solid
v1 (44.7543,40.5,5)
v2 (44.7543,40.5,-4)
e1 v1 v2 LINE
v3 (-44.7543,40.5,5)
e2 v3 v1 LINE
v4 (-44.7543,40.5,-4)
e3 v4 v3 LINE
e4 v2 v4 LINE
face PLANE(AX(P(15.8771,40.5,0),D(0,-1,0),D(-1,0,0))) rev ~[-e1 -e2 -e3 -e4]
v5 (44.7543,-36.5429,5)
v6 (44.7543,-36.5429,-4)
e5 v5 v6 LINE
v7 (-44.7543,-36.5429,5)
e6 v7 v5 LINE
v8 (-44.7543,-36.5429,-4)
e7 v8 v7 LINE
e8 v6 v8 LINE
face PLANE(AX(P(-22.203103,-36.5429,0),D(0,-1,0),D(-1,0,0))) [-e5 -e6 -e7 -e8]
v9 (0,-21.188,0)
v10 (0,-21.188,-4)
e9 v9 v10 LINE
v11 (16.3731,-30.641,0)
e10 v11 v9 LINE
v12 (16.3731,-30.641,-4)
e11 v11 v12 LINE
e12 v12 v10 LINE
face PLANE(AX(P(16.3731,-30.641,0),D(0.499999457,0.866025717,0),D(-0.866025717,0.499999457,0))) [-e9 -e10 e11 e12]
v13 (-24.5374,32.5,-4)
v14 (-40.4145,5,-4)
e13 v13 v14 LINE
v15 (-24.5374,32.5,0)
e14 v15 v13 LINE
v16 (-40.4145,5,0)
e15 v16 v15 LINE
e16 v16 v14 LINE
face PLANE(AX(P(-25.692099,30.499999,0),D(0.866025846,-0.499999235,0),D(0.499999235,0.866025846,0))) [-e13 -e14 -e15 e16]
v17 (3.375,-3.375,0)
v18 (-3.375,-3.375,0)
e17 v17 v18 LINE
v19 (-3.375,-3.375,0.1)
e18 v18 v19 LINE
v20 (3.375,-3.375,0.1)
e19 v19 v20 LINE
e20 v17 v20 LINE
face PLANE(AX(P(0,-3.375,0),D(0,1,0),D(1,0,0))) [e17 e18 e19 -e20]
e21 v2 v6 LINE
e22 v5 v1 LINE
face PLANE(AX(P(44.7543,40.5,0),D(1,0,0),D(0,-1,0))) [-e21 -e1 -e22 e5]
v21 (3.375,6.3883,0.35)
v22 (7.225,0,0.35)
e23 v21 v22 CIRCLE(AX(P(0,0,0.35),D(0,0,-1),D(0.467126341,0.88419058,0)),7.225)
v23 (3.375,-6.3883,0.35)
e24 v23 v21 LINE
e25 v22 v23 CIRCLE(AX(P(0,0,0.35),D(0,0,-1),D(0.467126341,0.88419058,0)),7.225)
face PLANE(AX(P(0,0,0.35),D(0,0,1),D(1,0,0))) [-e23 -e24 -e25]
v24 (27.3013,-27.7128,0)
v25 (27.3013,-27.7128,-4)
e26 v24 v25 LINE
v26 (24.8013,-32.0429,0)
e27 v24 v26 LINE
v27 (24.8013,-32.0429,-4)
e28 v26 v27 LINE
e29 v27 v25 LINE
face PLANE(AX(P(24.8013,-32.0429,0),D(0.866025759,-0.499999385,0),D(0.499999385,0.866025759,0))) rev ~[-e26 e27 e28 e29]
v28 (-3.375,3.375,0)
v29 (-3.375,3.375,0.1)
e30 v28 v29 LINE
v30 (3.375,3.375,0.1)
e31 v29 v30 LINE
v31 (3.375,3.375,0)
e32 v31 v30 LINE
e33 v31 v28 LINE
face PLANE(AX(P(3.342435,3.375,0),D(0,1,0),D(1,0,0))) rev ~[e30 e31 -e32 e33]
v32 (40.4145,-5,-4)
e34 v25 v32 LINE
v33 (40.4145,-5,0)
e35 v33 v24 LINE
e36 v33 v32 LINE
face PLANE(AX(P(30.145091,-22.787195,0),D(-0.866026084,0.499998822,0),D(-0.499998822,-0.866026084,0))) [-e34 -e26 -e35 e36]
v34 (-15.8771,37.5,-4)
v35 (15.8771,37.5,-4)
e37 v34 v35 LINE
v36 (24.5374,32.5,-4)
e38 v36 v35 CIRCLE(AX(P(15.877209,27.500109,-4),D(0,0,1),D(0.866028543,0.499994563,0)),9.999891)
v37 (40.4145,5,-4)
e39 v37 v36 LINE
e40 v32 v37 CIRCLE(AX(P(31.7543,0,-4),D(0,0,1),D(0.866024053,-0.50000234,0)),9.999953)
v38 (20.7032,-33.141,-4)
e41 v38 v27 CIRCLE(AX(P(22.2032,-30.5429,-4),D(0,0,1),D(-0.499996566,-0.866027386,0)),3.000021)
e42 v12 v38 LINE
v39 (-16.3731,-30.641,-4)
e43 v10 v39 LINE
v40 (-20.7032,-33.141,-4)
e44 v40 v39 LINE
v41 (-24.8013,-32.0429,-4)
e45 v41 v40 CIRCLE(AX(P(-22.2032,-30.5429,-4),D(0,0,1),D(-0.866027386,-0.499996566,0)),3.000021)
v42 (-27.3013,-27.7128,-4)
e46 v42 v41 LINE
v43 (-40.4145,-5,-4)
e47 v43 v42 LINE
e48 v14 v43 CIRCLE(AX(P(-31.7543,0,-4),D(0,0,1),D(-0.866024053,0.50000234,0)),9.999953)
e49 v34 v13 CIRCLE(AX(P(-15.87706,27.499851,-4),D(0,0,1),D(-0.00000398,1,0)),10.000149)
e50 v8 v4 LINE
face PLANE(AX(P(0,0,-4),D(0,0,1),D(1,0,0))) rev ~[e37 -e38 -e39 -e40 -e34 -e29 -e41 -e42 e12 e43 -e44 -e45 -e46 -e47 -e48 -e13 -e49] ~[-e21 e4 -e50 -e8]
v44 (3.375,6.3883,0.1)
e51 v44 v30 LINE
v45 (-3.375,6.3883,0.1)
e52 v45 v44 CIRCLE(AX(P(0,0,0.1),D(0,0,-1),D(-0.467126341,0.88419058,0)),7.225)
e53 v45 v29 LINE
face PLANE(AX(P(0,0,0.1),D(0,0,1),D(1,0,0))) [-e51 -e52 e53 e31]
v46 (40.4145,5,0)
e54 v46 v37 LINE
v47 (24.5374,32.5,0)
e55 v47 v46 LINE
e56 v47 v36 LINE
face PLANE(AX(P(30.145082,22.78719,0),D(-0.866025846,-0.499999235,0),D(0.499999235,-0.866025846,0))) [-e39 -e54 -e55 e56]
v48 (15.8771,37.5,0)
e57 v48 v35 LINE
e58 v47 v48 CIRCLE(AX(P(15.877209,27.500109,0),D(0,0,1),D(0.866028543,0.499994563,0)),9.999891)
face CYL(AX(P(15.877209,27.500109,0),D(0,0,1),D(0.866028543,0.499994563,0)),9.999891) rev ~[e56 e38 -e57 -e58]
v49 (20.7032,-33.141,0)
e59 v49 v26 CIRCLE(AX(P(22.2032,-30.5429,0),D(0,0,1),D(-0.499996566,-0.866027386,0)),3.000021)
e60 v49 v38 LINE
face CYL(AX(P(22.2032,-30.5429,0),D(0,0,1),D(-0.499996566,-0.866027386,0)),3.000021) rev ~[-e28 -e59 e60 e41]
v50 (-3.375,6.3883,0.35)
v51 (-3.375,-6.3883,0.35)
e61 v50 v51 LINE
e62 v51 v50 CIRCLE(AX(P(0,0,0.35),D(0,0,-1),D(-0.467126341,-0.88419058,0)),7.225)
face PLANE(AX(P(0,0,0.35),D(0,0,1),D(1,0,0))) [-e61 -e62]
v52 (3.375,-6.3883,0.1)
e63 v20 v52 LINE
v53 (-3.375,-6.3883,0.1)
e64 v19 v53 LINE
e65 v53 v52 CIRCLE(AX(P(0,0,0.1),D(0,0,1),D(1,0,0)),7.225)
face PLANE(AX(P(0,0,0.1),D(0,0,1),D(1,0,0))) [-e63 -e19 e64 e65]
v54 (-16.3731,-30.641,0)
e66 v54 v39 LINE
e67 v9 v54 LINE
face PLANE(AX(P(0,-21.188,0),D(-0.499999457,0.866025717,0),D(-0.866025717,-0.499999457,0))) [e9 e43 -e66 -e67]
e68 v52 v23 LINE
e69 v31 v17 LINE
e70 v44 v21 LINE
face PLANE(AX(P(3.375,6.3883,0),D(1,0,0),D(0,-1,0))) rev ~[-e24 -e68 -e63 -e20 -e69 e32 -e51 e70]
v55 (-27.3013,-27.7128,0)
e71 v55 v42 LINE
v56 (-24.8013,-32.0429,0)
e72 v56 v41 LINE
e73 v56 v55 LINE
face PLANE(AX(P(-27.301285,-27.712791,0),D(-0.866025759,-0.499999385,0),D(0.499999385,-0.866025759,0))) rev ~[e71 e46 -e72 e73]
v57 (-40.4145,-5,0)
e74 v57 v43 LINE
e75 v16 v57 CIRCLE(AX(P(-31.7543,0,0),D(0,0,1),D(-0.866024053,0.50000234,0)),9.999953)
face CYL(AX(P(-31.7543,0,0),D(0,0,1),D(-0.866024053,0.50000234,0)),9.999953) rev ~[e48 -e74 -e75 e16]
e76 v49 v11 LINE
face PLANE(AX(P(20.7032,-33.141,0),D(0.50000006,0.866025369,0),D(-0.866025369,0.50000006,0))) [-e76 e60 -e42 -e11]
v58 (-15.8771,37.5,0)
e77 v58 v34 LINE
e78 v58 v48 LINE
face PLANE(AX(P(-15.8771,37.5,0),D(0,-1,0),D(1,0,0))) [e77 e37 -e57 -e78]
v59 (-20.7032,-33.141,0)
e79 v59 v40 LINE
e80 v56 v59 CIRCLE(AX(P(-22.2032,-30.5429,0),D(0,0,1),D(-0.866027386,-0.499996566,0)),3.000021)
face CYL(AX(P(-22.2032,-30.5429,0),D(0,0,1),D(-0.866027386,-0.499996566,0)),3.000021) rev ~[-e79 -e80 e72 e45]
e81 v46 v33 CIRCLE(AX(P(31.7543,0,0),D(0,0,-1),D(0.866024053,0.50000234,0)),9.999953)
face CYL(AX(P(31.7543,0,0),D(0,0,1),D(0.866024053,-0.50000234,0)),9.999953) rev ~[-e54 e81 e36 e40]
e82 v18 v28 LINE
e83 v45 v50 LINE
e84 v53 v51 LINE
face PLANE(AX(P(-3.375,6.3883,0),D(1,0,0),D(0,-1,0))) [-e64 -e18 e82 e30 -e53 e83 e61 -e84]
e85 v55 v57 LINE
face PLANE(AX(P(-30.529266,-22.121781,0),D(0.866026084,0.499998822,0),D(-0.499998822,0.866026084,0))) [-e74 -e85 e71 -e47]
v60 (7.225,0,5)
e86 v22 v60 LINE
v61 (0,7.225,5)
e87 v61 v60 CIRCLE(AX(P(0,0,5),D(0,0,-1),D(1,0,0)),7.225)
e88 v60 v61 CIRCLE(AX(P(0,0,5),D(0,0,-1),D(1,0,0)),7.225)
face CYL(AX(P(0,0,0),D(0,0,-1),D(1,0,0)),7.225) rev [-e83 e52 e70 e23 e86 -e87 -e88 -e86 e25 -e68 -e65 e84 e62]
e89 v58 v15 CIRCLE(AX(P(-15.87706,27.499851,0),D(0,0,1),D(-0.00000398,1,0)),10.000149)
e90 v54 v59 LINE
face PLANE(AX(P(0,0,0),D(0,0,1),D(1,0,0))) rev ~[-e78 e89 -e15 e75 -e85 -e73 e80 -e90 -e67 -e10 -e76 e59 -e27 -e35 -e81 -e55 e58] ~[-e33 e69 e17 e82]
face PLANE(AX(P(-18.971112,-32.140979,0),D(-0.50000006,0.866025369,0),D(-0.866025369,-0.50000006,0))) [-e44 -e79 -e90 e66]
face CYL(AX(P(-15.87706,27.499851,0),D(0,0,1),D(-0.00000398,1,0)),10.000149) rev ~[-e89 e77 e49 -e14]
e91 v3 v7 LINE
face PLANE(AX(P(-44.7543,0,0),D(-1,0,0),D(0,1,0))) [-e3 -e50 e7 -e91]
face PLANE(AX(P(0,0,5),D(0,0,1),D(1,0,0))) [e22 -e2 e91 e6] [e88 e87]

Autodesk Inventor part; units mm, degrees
ref_plane "YZ Plane" through (0, 0, 0) normal (1, 0, 0) x (0, 1, 0)
ref_plane "XZ Plane" through (0, 0, 0) normal (0, 1, 0) x (-1, 0, 0)
ref_plane "XY Plane" through (0, 0, 0) normal (0, 0, 1) x (1, 0, 0)
sketch "Sketch1" plane through (0, 0, 0) normal (0, 0, 1) x (1, 0, 0)
  line L0 (-27.3013, -27.7128) -> (-40.4145, -5)
  line L1 (-40.4145, 5) -> (-24.5374, 32.5)
  line L2 (-15.8771, 37.5) -> (15.8771, 37.5)
  line L3 (24.5374, 32.5) -> (40.4145, 5)
  line L4 (40.4145, -5) -> (27.3013, -27.7128)
  line L5 (21.6506, -37.5) -> (-21.6506, -37.5)
  line L6 (16.3731, -30.641) -> (0, -21.188)
  line L7 (0, -21.188) -> (-16.3731, -30.641)
  circle A0 centre (0, 0) radius 4.75
  line L8 (43.3013, 0) -> (41.7543, 0)
  arc A1 (20.7032, -33.141) -> (24.8013, -32.0429) centre (22.2032, -30.5429) ccw
  arc A2 (-24.8013, -32.0429) -> (-20.7032, -33.141) centre (-22.2032, -30.5429) ccw
  arc A3 (40.4145, -5) -> (40.4145, 5) centre (31.7543, 0) ccw
  arc A4 (24.5374, 32.5) -> (15.8771, 37.5) centre (15.8771, 27.5) ccw
  arc A5 (-15.8771, 37.5) -> (-24.5374, 32.5) centre (-15.8771, 27.5) ccw
  arc A6 (-40.4145, 5) -> (-40.4145, -5) centre (-31.7543, 0) ccw
  circle A7 centre (0, 0) radius 3.375
  line L9 (0, -21.188) -> (0, -37.5)
  circle A8 centre (0, 0) radius 7.225
  line L10 (0, 0) -> (-7.225, 0)
  line L11 (-9.225, 0) -> (-9.225, -16.1218)
  line L12 (-19.2032, -35.7391) -> (0, -24.6521)
  line L13 (0, -24.6521) -> (19.2032, -35.7391)
  arc A9 (19.2032, -35.7391) -> (27.3993, -33.5429) centre (22.2032, -30.5429) ccw
  line L14 (27.3993, -33.5429) -> (43.0126, -6.5)
  arc A10 (43.0126, -6.5) -> (43.0126, 6.5) centre (31.7543, 0) ccw
  line L15 (43.0126, 6.5) -> (27.1355, 34)
  arc A11 (27.1355, 34) -> (15.8771, 40.5) centre (15.8771, 27.5) ccw
  line L16 (15.8771, 40.5) -> (-15.8771, 40.5)
  arc A12 (-15.8771, 40.5) -> (-27.1355, 34) centre (-15.8771, 27.5) ccw
  line L17 (-27.1355, 34) -> (-43.0126, 6.5)
  arc A13 (-43.0126, 6.5) -> (-43.0126, -6.5) centre (-31.7543, 0) ccw
  line L18 (-43.0126, -6.5) -> (-27.3993, -33.5429)
  arc A14 (-27.3993, -33.5429) -> (-19.2032, -35.7391) centre (-22.2032, -30.5429) ccw
  line L19 (-15.225, -22.1218) -> (-16.1451, -22.1218)
  line L20 (-22.1451, -16.1218) -> (-22.1451, 22.5)
  line L21 (-14.1451, 30.5) -> (0, 30.5)
  arc A15 (-14.1451, 30.5) -> (-22.1451, 22.5) centre (-14.1451, 22.5) ccw
  arc A16 (-22.1451, -16.1218) -> (-16.1451, -22.1218) centre (-16.1451, -16.1218) ccw
  arc A17 (-15.225, -22.1218) -> (-9.225, -16.1218) centre (-15.225, -16.1218) ccw
  line L22 (0, 0) -> (0, 30.5)
  line L23 (9.225, 0) -> (9.225, -16.1218)
  arc A18 (9.225, -16.1218) -> (15.225, -22.1218) centre (15.225, -16.1218) ccw
  line L24 (15.225, -22.1218) -> (16.1451, -22.1218)
  arc A19 (16.1451, -22.1218) -> (22.1451, -16.1218) centre (16.1451, -16.1218) ccw
  line L25 (22.1451, -16.1218) -> (22.1451, 22.5)
  arc A20 (22.1451, 22.5) -> (14.1451, 30.5) centre (14.1451, 22.5) ccw
  line L26 (14.1451, 30.5) -> (0, 30.5)
  circle A21 centre (0, 0) radius 9.225
  line L27 (-22.2032, -30.5429) -> (-24.8013, -32.0429)
  line L28 (-22.2032, -30.5429) -> (-20.7032, -33.141)
  line L29 (22.2032, -30.5429) -> (20.7032, -33.141)
  line L30 (22.2032, -30.5429) -> (24.8013, -32.0429)
  arc A22 (-25.8013, -30.3109) -> (-28.3993, -31.8109) centre (-27.1003, -31.0609) ccw
  arc A23 (-17.4711, -34.7391) -> (-18.9711, -32.141) centre (-18.2211, -33.4401) ccw
  arc A24 (28.3993, -31.8109) -> (25.8013, -30.3109) centre (27.1003, -31.0609) ccw
  arc A25 (18.9711, -32.141) -> (17.4711, -34.7391) centre (18.2211, -33.4401) ccw
  line L31 (-14.1451, 30.5) -> (-25.6921, 30.5)
  line L32 (14.1451, 30.5) -> (25.6921, 30.5)
  line L33 (-16.1451, -22.1218) -> (-30.5293, -22.1218)
  line L34 (16.1451, -22.1218) -> (30.5293, -22.1218)
  line L35 (24.8013, -32.0429) -> (40.4145, -5)
  arc A26 (40.4145, -5) -> (40.4145, 5) centre (31.7543, 0) ccw
  line L36 (40.4145, 5) -> (24.5374, 32.5)
  arc A27 (24.5374, 32.5) -> (15.8771, 37.5) centre (15.8771, 27.5) ccw
  line L37 (15.8771, 37.5) -> (-15.8771, 37.5)
  arc A28 (-15.8771, 37.5) -> (-24.5374, 32.5) centre (-15.8771, 27.5) ccw
  line L38 (-24.5374, 32.5) -> (-40.4145, 5)
  arc A29 (-40.4145, 5) -> (-40.4145, -5) centre (-31.7543, 0) ccw
  line L39 (-40.4145, -5) -> (-24.8013, -32.0429)
  arc A30 (20.7032, -33.141) -> (24.8013, -32.0429) centre (22.2032, -30.5429) ccw
  line L40 (20.7032, -33.141) -> (0, -21.188)
  line L41 (0, -21.188) -> (-20.7032, -33.141)
  arc A31 (-24.8013, -32.0429) -> (-20.7032, -33.141) centre (-22.2032, -30.5429) ccw
  line L42 (27.8503, -29.7619) -> (27.8503, -29.7619)
  line L43 (16.9221, -32.6901) -> (16.9221, -32.6901)
  line L44 (-16.9221, -32.6901) -> (-16.9221, -32.6901)
  line L45 (-27.8503, -29.7619) -> (-27.8503, -29.7619)
  arc A32 (27.3013, -27.7128) -> (27.8503, -29.7619) centre (28.6003, -28.4628) ccw
  arc A33 (16.9221, -32.6901) -> (16.3731, -30.641) centre (15.6231, -31.9401) ccw
  arc A34 (-16.3731, -30.641) -> (-16.9221, -32.6901) centre (-15.6231, -31.9401) ccw
  arc A35 (-27.8503, -29.7619) -> (-27.3013, -27.7128) centre (-28.6003, -28.4628) ccw
  line L46 (-24.5374, 32.5) -> (-21.6506, 37.5)
  line L47 (-15.8771, 37.5) -> (-21.6506, 37.5)
  line L48 (15.8771, 37.5) -> (21.6506, 37.5)
  line L49 (24.5374, 32.5) -> (21.6506, 37.5)
  line L50 (30.1451, -22.7872) -> (30.1451, 22.7872)
  line L51 (-30.1451, -22.7872) -> (-30.1451, 22.7872)
  line L52 (-44.7543, 40.5) -> (44.7543, 40.5)
  line L53 (44.7543, 40.5) -> (44.7543, -36.5429)
  line L54 (44.7543, -36.5429) -> (-44.7543, -36.5429)
  line L55 (-44.7543, -36.5429) -> (-44.7543, 40.5)
  line L56 (-3.375, 6.3883) -> (-3.375, -6.3883)
  line L57 (3.375, 6.3883) -> (3.375, -6.3883)
  line L58 (-6.3883, 3.375) -> (6.3883, 3.375)
  line L59 (-6.3883, -3.375) -> (6.3883, -3.375)
  point P0 (-43.3013, 0)
  point P1 (36.8061, -2.25)
  point P2 (6.0982, -2.25)
  point P3 (19.9965, -30.1349)
  point P4 (4.9976, -4.1562)
  point P5 (-6.0982, 2.25)
  point P6 (-36.8061, 2.25)
  point P7 (-36.8061, -2.25)
  point P8 (-6.0982, -2.25)
  point P9 (-20.3516, 30.75)
  point P10 (-4.9976, 4.1562)
  point P11 (-1.1005, 6.4062)
  point P12 (-16.4545, 33)
  point P13 (16.4545, 33)
  point P14 (1.1005, 6.4062)
  point P15 (4.9976, 4.1562)
  point P16 (20.3516, 30.75)
  point P17 (36.8061, 2.25)
  point P18 (6.0982, 2.25)
  point P19 (1.1005, -6.4062)
  point P20 (12.2023, -25.6349)
  point P21 (-4.9976, -4.1562)
  point P22 (-19.9965, -30.1349)
  point P23 (-12.2023, -25.6349)
  point P24 (-1.1005, -6.4062)
  point P25 (-9.225, -26.5141)
  point P26 (7, 0)
  point P27 (0, 7.225)
  point P28 (17.4711, -34.7391)
  point P29 (28.3993, -31.8109)
  point P30 (25.8013, -30.3109)
  point P31 (24.8013, -32.0429)
  point P32 (20.7032, -33.141)
  point P33 (18.9711, -32.141)
  point P34 (-20.7032, -33.141)
  point P35 (-24.8013, -32.0429)
  point P36 (30.1451, -22.1218)
  point P37 (30.1451, 22.7872)
  point P38 (-30.1451, 22.7872)
  point P39 (-30.1451, -22.1218)
  point P40 (-27.8503, -29.7619)
  point P41 (-16.9221, -32.6901)
  point P42 (27.8503, -29.7619)
  point P43 (15.8771, 40.5)
  point P44 (27.3013, -27.7128)
  point P45 (3.375, 3.375)
  point P46 (-3.375, 3.375)
  point P47 (-3.375, -3.375)
  point P48 (3.375, -3.375)
  dimension "d11" = 14.45
  dimension "d0" = 9.5
  dimension "d1" = 120
  dimension "d2" = 75
  dimension "d3" = 40
  dimension "d4" = 3
  dimension "d5" = 10
  dimension "d6" = 6.75
  dimension "d7" = 3
  dimension "d8" = 8
  dimension "d9" = 6
  dimension "d10" = 6
  dimension "d12" = 2
  dimension "d13" = 2
  dimension "d14" = 2
  dimension "d15" = 6
  dimension "d16" = 0
  dimension "d17" = 0
  dimension "d18" = 0
  dimension "d19" = 0
  dimension "d20" = 0
  dimension "d21" = 1.5
  dimension "d22" = 7
  dimension "d23" = 8
extrude "Extrusion1" add sketch "Sketch1" along normal blind 5 contours A35 A22 L18 A13 L17 A12 L16 A11 L15 A10 L14 A24 A32 L4 A3 L3 L49 L48 L2 L47 L46 L1 A6 L0 | L0 L51 L33 L19 A17 L11 A21 L23 A18 L24 L34 L50 L4 L35 L30 L29 L40 L6 L7 L41 L28 L27 L39 | L39 A22 A35 | L0 L33 L51 | L39 A2 L41 A23 L12 A14 L18 A22 | L0 A6 L1 L51 L33 | L51 L1 L31 A15 L20 A16 L33 | L27 L28 A2 | L18 A14 L54 L55 A13 | A16 L20 A15 L21 L22 A21 L11 A17 L19 | L1 A5 L2 A4 L3 L32 L26 L21 L31 | L41 A34 A23 | L55 L52 A12 L17 A13 | A14 L12 L9 L54 | L46 L47 A5 | A34 L7 L9 L12 A23 | L9 L13 A9 L54 | A8 L57 L58 A0 L22 | L22 A0 L58 L56 A8 | A21 | L26 A20 L25 A19 L24 A18 L23 A21 L22 | L6 A33 A25 L13 L9 | A9 L13 A25 L40 A1 L35 A24 L14 | A9 L14 A10 L53 L54 | L48 L49 A4 | L32 L3 L50 L34 A19 L25 A20 | L40 A25 A33 | L52 L53 A10 L15 A11 | A8 L58 L57 | L56 L58 A8 | L22 L58 A0 | A0 L58 L22 | L3 A3 L4 L34 L50 | L29 L30 A1 | A24 L35 A32 | A8 L59 L57 A0 L58 | L57 A0 L58 | L58 L56 A0 L10 A8 | L58 A0 L56 | A0 L57 A7 L58 | L58 A7 L56 A0 | L22 L10 A7 | A7 L10 L22 | L34 L4 L50 | A0 L57 | L10 A0 L56 L59 A8 | L56 L10 A0 | L57 A0 L59 A7 | L56 A0 L10 | A7 L59 A0 L56 | A8 L57 L59 | L59 L56 A8 | L59 A0 | L57 L59 A0 | A0 L59 L56 | A8 L56 L59 A0 L57
extrude "Extrusion2" add sketch "Sketch1" against normal blind 4 contours A35 A22 L18 A13 L17 A12 L16 A11 L15 A10 L14 A24 A32 L4 A3 L3 L49 L48 L2 L47 L46 L1 A6 L0 | L39 A22 A35 | L39 A2 L41 A23 L12 A14 L18 A22 | L18 A14 L54 L55 A13 | L41 A34 A23 | L55 L52 A12 L17 A13 | A14 L12 L9 L54 | L46 L47 A5 | A34 L7 L9 L12 A23 | L9 L13 A9 L54 | L6 A33 A25 L13 L9 | A9 L13 A25 L40 A1 L35 A24 L14 | A9 L14 A10 L53 L54 | L48 L49 A4 | L40 A25 A33 | L52 L53 A10 L15 A11 | A24 L35 A32
extrude "Extrusion3" cut sketch "Sketch1" along normal through all contours A8 L57 L58 A0 L22 | L22 A0 L58 L56 A8 | A8 L58 L57 | L56 L58 A8 | L22 L58 A0 | A0 L58 L22 | A8 L59 L57 A0 L58 | L57 A0 L58 | L58 L56 A0 L10 A8 | L58 A0 L56 | A0 L57 A7 L58 | L58 A7 L56 A0 | L22 L10 A7 | A7 L10 L22 | A0 L57 | L10 A0 L56 L59 A8 | L56 L10 A0 | L57 A0 L59 A7 | L56 A0 L10 | A7 L59 A0 L56 | A8 L57 L59 | L59 L56 A8 | L59 A0 | L57 L59 A0 | A0 L59 L56 | A8 L56 L59 A0 L57
extrude "Extrusion5" add sketch "Sketch1" along normal blind 0.35 contours A8 L58 L57 | L56 L58 A8 | A8 L59 L57 A0 L58 | L58 L56 A0 L10 A8 | A0 L57 | L10 A0 L56 L59 A8 | L56 L10 A0 | L56 A0 L10 | A8 L57 L59 | L59 L56 A8
extrude "Extrusion6" add sketch "Sketch1" along normal blind 0.1 contours A8 L57 L58 A0 L22 | L22 A0 L58 L56 A8 | L22 L58 A0 | A0 L58 L22 | L59 A0 | A8 L56 L59 A0 L57
properties part number "CalibrationBlockV3"
